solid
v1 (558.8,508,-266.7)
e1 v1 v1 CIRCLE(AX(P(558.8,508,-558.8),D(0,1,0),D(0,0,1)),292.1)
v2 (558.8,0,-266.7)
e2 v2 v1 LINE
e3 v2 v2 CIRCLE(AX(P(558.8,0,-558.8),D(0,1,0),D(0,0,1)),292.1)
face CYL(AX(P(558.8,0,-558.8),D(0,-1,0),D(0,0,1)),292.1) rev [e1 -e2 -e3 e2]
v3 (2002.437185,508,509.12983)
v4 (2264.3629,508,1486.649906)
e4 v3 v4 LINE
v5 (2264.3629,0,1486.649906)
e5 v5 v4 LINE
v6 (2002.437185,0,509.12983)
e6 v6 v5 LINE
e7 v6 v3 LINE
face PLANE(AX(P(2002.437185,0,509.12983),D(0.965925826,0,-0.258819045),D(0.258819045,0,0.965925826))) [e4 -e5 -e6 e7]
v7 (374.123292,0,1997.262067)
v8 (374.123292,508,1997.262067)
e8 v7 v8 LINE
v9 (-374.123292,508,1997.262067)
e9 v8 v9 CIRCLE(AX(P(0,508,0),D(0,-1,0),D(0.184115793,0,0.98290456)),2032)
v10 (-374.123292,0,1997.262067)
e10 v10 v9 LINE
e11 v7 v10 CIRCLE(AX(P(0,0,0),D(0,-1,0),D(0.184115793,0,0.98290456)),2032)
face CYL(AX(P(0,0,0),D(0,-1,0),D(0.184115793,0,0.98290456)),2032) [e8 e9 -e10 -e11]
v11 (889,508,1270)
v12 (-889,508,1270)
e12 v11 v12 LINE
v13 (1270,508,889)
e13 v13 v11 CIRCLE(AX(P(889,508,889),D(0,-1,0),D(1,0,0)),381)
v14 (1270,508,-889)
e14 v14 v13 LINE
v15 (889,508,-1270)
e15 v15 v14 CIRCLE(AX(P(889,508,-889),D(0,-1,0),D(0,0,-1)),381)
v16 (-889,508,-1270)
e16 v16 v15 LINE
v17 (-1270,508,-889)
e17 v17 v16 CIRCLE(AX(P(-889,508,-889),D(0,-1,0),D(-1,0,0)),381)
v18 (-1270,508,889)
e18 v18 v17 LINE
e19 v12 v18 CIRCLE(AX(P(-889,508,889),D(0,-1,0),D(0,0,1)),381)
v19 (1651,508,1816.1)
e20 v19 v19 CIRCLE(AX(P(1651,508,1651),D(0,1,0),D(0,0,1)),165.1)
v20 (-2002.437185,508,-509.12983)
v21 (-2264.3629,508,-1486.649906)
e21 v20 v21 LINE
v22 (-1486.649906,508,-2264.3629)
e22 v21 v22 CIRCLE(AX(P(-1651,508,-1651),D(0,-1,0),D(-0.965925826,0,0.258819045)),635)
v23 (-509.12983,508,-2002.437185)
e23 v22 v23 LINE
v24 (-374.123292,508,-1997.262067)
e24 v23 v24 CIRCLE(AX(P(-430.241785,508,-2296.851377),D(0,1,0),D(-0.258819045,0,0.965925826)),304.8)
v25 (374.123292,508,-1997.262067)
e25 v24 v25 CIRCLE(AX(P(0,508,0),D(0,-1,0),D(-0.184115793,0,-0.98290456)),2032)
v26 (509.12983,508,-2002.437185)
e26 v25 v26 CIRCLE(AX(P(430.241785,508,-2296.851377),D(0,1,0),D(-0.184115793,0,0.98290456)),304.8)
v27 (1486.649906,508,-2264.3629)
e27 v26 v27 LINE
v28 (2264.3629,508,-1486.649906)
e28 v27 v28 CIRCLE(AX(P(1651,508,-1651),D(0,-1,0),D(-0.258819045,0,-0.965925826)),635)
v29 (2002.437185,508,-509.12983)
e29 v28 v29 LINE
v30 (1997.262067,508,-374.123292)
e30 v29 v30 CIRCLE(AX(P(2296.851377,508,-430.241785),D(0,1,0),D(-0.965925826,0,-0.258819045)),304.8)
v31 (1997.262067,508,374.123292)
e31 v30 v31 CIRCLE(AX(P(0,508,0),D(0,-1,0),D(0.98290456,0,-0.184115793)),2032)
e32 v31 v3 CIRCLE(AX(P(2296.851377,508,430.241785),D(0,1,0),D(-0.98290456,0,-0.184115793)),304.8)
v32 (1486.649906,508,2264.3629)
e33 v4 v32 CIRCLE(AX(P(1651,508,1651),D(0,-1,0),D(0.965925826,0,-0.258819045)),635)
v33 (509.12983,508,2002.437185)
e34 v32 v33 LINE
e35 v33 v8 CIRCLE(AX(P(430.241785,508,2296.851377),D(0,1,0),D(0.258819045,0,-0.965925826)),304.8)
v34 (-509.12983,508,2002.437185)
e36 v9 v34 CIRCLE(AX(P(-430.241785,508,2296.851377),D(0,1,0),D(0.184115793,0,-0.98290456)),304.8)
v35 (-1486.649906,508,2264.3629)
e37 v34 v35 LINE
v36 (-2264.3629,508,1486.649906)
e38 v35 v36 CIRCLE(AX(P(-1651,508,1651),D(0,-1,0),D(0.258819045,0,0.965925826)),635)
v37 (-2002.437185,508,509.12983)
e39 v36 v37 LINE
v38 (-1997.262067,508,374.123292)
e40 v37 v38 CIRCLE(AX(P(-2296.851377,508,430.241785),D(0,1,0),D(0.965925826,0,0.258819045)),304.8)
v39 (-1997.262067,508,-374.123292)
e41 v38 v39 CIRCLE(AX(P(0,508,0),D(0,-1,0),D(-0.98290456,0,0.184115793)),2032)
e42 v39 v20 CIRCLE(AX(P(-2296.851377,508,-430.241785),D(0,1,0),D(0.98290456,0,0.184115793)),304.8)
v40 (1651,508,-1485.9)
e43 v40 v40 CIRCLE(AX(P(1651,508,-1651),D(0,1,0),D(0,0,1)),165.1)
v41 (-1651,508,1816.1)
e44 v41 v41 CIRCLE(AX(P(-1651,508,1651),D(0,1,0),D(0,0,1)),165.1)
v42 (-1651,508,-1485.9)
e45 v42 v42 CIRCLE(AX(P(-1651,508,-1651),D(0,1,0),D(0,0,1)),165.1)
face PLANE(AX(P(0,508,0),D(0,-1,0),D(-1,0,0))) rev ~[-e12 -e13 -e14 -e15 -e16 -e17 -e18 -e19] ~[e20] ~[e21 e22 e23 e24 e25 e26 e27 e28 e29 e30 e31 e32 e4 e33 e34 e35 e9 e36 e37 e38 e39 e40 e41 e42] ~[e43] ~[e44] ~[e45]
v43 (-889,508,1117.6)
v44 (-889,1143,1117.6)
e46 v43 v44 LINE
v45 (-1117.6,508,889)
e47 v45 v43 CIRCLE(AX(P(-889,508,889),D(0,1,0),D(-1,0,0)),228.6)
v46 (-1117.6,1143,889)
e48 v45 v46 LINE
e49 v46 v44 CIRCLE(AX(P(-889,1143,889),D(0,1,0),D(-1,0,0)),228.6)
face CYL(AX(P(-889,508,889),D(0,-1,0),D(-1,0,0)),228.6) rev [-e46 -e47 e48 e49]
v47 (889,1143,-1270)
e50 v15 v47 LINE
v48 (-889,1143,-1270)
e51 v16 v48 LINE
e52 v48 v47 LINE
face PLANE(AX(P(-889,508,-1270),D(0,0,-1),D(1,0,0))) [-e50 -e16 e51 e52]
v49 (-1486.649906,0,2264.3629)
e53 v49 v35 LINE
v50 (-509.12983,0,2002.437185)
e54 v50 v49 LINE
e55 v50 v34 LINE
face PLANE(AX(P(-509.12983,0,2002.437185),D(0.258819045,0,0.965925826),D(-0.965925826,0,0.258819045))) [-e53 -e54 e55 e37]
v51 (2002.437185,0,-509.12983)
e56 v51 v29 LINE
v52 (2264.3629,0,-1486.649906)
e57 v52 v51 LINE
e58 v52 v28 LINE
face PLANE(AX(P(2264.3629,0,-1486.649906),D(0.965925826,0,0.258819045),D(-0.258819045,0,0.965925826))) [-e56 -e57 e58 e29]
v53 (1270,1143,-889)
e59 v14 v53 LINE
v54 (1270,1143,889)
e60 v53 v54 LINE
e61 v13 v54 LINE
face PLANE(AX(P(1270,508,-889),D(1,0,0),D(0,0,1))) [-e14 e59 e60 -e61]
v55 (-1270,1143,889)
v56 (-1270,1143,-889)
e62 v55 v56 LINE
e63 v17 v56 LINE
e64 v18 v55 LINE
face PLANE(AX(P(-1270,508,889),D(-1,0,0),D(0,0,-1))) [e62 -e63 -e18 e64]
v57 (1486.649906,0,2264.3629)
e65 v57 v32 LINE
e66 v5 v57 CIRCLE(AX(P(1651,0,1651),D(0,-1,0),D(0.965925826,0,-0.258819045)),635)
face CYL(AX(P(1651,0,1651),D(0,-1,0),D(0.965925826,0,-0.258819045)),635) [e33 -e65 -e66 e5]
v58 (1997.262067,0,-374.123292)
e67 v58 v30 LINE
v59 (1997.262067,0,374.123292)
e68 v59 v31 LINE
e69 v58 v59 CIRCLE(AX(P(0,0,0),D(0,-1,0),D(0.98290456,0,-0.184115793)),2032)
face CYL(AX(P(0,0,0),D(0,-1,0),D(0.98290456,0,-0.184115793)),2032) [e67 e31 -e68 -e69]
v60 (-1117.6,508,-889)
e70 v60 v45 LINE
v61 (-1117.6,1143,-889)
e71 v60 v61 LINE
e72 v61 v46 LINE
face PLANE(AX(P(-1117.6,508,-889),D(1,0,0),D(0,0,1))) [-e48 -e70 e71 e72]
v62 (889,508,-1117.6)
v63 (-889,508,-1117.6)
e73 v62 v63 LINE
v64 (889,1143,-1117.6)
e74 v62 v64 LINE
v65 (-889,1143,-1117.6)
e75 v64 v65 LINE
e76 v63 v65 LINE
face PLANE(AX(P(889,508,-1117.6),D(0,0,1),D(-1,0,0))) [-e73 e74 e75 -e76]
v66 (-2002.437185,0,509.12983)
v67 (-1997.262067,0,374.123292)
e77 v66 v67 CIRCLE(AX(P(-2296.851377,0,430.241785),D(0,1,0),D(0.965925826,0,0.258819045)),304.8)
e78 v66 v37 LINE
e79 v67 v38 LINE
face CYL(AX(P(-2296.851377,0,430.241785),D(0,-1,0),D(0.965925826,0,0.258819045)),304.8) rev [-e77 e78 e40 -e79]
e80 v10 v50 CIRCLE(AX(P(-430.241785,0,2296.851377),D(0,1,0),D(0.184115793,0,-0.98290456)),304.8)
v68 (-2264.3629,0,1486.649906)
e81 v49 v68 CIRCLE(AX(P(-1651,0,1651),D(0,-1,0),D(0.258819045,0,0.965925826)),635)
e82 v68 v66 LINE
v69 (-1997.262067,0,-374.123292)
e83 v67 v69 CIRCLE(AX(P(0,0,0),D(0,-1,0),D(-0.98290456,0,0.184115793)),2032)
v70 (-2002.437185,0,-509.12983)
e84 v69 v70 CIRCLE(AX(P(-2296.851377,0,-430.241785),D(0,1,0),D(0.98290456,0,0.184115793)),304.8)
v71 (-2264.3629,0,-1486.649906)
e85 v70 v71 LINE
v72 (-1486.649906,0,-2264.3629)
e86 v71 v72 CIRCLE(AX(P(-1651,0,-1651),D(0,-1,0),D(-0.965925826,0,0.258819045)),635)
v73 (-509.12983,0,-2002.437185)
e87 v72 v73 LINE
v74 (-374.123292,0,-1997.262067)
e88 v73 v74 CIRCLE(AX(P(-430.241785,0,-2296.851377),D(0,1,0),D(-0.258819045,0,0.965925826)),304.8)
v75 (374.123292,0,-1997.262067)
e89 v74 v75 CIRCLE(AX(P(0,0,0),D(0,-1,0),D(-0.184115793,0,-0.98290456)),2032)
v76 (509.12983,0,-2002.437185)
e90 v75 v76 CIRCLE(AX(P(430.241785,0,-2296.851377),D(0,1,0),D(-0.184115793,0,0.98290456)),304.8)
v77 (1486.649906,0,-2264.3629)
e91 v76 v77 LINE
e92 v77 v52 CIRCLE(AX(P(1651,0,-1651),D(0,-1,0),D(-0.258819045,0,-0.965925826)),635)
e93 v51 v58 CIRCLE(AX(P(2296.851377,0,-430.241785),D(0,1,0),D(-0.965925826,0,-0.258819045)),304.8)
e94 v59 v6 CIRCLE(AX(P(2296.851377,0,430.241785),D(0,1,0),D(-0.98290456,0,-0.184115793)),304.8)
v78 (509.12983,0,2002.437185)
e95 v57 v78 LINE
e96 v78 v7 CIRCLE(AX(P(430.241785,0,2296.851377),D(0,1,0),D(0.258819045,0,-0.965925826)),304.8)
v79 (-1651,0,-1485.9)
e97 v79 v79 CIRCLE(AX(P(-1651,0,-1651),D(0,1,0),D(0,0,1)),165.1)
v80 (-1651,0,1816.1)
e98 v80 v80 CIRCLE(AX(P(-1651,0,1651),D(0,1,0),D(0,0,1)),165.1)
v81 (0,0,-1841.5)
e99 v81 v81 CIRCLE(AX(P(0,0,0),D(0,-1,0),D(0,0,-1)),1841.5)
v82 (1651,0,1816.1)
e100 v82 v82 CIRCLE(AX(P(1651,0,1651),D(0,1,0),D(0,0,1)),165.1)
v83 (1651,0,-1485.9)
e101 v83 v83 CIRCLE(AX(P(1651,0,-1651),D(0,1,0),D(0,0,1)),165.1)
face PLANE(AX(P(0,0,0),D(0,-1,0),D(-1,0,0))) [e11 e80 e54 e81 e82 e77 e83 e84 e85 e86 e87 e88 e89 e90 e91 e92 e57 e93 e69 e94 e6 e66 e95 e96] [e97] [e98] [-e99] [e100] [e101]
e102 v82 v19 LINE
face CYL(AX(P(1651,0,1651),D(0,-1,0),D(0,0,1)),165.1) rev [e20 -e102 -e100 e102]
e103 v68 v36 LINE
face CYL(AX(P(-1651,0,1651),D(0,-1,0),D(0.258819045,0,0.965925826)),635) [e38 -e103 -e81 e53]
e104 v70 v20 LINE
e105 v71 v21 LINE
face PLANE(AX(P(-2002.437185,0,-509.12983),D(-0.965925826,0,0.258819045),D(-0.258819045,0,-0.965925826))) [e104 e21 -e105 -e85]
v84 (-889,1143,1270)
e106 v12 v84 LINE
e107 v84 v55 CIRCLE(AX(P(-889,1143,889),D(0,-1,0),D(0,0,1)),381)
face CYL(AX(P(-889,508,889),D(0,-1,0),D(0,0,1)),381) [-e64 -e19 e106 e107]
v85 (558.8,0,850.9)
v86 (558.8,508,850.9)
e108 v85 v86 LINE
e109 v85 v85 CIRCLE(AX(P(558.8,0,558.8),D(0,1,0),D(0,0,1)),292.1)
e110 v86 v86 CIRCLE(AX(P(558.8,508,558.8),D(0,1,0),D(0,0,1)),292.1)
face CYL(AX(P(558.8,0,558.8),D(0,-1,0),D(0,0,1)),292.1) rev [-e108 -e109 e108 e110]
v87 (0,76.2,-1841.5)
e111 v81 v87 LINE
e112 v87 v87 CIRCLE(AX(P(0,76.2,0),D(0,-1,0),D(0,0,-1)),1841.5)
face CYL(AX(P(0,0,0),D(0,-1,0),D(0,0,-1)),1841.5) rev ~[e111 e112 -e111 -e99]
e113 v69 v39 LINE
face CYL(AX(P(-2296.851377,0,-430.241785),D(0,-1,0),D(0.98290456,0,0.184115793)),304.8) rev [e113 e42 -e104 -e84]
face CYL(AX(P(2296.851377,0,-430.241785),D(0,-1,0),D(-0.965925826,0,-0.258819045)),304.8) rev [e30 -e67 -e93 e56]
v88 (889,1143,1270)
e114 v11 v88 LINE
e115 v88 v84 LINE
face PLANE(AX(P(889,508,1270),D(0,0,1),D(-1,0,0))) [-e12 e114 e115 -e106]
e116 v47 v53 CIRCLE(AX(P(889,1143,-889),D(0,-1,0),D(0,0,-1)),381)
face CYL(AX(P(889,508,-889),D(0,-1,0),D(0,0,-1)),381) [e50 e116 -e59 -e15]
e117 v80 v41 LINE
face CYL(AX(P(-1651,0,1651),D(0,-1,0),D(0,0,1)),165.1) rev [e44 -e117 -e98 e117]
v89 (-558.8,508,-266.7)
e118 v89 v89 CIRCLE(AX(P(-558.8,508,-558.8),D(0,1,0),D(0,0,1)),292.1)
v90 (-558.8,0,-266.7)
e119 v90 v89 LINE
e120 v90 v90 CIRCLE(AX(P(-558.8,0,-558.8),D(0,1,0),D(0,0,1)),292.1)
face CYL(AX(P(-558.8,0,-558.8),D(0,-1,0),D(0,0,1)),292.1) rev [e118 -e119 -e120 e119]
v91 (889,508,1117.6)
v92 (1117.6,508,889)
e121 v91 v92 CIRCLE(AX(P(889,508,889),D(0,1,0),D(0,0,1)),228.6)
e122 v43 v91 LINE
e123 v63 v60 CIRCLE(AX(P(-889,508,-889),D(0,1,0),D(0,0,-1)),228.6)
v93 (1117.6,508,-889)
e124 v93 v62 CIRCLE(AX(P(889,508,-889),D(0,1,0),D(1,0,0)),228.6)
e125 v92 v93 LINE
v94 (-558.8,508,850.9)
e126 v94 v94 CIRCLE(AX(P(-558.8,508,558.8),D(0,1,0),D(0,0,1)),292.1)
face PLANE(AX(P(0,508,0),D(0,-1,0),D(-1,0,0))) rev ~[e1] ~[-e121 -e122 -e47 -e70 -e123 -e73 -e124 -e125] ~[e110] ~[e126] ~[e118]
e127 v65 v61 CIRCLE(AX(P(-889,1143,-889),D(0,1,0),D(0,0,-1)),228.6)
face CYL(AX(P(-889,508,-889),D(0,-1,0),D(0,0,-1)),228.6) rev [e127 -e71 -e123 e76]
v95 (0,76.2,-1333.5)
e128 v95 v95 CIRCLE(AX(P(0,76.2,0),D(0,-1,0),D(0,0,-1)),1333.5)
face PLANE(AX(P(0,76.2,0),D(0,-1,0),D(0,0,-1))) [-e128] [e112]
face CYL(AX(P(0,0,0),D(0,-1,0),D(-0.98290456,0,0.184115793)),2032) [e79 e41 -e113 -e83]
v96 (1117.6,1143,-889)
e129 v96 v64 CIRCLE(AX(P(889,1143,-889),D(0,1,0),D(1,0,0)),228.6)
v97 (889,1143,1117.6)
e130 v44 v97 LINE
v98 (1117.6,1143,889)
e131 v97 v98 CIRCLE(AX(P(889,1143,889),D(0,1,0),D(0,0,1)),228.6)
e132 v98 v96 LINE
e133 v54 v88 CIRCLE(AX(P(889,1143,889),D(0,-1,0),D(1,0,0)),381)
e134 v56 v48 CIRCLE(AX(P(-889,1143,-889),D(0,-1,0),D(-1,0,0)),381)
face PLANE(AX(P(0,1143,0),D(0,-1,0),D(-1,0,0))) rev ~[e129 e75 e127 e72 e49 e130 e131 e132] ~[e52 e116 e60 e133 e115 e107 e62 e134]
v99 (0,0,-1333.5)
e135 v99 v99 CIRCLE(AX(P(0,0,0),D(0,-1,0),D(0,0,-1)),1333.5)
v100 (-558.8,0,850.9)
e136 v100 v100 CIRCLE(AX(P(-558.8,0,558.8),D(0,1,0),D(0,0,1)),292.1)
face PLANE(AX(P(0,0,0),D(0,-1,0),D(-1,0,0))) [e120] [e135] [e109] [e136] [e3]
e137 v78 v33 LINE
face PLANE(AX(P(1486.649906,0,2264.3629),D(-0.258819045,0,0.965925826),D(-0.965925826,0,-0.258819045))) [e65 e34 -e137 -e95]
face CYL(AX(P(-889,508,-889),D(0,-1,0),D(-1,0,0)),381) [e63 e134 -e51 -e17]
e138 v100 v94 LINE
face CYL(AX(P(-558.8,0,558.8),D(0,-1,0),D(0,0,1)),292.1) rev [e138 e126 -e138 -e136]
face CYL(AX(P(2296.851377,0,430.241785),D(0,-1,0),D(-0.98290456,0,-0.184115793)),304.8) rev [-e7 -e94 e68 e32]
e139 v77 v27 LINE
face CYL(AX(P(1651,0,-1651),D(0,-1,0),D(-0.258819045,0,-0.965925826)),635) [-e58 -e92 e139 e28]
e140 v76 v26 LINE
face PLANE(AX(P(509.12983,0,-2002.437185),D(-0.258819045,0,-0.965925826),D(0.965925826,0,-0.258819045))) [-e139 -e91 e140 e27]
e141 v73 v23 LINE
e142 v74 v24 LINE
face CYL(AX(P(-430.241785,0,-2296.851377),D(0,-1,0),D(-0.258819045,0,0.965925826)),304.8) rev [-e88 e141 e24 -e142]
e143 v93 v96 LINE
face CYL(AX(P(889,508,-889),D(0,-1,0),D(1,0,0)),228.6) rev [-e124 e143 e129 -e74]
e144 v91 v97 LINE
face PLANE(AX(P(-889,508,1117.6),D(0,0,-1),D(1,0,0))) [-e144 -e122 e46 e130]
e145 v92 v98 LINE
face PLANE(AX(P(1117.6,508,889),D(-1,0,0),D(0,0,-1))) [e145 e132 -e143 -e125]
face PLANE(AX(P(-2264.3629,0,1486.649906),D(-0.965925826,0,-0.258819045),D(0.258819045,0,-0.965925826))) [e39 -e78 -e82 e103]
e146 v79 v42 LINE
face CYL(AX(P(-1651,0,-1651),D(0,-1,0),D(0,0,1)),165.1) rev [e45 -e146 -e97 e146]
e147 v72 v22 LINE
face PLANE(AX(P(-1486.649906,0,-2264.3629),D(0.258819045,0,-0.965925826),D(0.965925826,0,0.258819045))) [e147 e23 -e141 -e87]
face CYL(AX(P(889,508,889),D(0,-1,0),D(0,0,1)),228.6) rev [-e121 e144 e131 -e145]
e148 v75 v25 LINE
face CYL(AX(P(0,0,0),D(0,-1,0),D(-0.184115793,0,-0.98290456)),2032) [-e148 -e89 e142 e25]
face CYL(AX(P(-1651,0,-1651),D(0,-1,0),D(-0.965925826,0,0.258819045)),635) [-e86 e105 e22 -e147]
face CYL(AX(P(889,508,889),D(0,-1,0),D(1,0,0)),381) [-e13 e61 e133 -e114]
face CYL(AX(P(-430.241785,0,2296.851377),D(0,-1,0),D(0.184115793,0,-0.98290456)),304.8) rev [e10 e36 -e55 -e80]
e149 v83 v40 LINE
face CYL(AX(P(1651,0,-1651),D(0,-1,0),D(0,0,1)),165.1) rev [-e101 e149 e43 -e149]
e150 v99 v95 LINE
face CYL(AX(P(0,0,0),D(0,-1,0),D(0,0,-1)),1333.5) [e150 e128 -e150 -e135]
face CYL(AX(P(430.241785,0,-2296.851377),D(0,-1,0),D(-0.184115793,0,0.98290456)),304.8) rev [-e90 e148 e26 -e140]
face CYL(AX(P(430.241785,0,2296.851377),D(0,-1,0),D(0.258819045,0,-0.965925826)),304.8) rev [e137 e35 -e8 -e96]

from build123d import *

# Parameters (mm, degrees)
SKETCH1_R           = 292.1
SKETCH1_R_2         = 165.1
BOSS_EXTRUDE1_DEPTH = 508
BOSS_EXTRUDE2_START = 508
BOSS_EXTRUDE2_DEPTH = 635
SKETCH2_R           = 1841.5
SKETCH2_R_2         = 1333.5
CUT_EXTRUDE1_DEPTH  = 76.2


with BuildPart() as part:
    # Sketch1 → Boss-Extrude1 (new body)
    with BuildSketch(Plane(origin=(0, 0, 0), x_dir=(1, 0, 0), z_dir=(0, 1, 0))):
        with BuildLine():
            Line((-509.129830316, 2002.437184733), (-1486.64990636, 2264.362899694))
            ThreePointArc((-1486.64990636, 2264.362899694), (-2100.012806053, 2100.012806053), (-2264.362899694, 1486.64990636))
            Line((-2264.362899694, 1486.64990636), (-2002.437184733, 509.129830316))
            ThreePointArc((-2002.437184733, 509.129830316), (-1992.275061974, 441.916911811), (-1997.262066596, 374.123291625))
            ThreePointArc((-1997.262066596, 374.123291625), (-2032, 0), (-1997.262066596, -374.123291625))
            ThreePointArc((-1997.262066596, -374.123291625), (-1992.275061974, -441.916911811), (-2002.437184733, -509.129830316))
            Line((-2002.437184733, -509.129830316), (-2264.362899694, -1486.64990636))
            ThreePointArc((-2264.362899694, -1486.64990636), (-2100.012806053, -2100.012806053), (-1486.64990636, -2264.362899694))
            Line((-1486.64990636, -2264.362899694), (-509.129830316, -2002.437184733))
            ThreePointArc((-509.129830316, -2002.437184733), (-441.916911811, -1992.275061974), (-374.123291625, -1997.262066596))
            ThreePointArc((-374.123291625, -1997.262066596), (0, -2032), (374.123291625, -1997.262066596))
            ThreePointArc((374.123291625, -1997.262066596), (441.916911811, -1992.275061974), (509.129830316, -2002.437184733))
            Line((509.129830316, -2002.437184733), (1486.64990636, -2264.362899694))
            ThreePointArc((1486.64990636, -2264.362899694), (2100.012806053, -2100.012806053), (2264.362899694, -1486.64990636))
            Line((2264.362899694, -1486.64990636), (2002.437184733, -509.129830316))
            ThreePointArc((2002.437184733, -509.129830316), (1992.275061974, -441.916911811), (1997.262066596, -374.123291625))
            ThreePointArc((1997.262066596, -374.123291625), (2032, 0), (1997.262066596, 374.123291625))
            ThreePointArc((1997.262066596, 374.123291625), (1992.275061974, 441.916911811), (2002.437184733, 509.129830316))
            Line((2002.437184733, 509.129830316), (2264.362899694, 1486.64990636))
            ThreePointArc((2264.362899694, 1486.64990636), (2100.012806053, 2100.012806053), (1486.64990636, 2264.362899694))
            Line((1486.64990636, 2264.362899694), (509.129830316, 2002.437184733))
            ThreePointArc((509.129830316, 2002.437184733), (441.916911811, 1992.275061974), (374.123291625, 1997.262066596))
            ThreePointArc((374.123291625, 1997.262066596), (0, 2032), (-374.123291625, 1997.262066596))
            ThreePointArc((-374.123291625, 1997.262066596), (-441.916911811, 1992.275061974), (-509.129830316, 2002.437184733))
        make_face()
        with Locations((-558.8, -558.8)):
            Circle(SKETCH1_R, mode=Mode.SUBTRACT)
        with Locations((558.8, -558.8)):
            Circle(SKETCH1_R, mode=Mode.SUBTRACT)
        with Locations((-558.8, 558.8)):
            Circle(SKETCH1_R, mode=Mode.SUBTRACT)
        with Locations((558.8, 558.8)):
            Circle(SKETCH1_R, mode=Mode.SUBTRACT)
        with Locations((-1651, -1651)):
            Circle(SKETCH1_R_2, mode=Mode.SUBTRACT)
        with Locations((1651, -1651)):
            Circle(SKETCH1_R_2, mode=Mode.SUBTRACT)
        with Locations((-1651, 1651)):
            Circle(SKETCH1_R_2, mode=Mode.SUBTRACT)
        with Locations((1651, 1651)):
            Circle(SKETCH1_R_2, mode=Mode.SUBTRACT)
    extrude(amount=BOSS_EXTRUDE1_DEPTH)

    # Sketch1<3> → Boss-Extrude2 (add)
    with BuildSketch(Plane(origin=(0, 0, 0), x_dir=(1, 0, 0), z_dir=(0, 1, 0)).offset(BOSS_EXTRUDE2_START)):
        with BuildLine():
            ThreePointArc((-1270, -889), (-1158.407683632, -1158.407683632), (-889, -1270))
            Line((-889, -1270), (889, -1270))
            ThreePointArc((889, -1270), (1158.407683632, -1158.407683632), (1270, -889))
            Line((1270, -889), (1270, 889))
            ThreePointArc((1270, 889), (1158.407683632, 1158.407683632), (889, 1270))
            Line((889, 1270), (-889, 1270))
            ThreePointArc((-889, 1270), (-1158.407683632, 1158.407683632), (-1270, 889))
            Line((-1270, 889), (-1270, -889))
        make_face()
        with BuildLine():
            ThreePointArc((-1117.6, 889), (-1050.644610179, 1050.644610179), (-889, 1117.6))
            Line((-889, 1117.6), (889, 1117.6))
            ThreePointArc((889, 1117.6), (1050.644610179, 1050.644610179), (1117.6, 889))
            Line((1117.6, 889), (1117.6, -889))
            ThreePointArc((1117.6, -889), (1050.644610179, -1050.644610179), (889, -1117.6))
            Line((889, -1117.6), (-889, -1117.6))
            ThreePointArc((-889, -1117.6), (-1050.644610179, -1050.644610179), (-1117.6, -889))
            Line((-1117.6, -889), (-1117.6, 889))
        make_face(mode=Mode.SUBTRACT)
    extrude(amount=BOSS_EXTRUDE2_DEPTH)

    # Sketch2 → Cut-Extrude1 (cut)
    with BuildSketch(Plane.XZ):
        Circle(SKETCH2_R)
        Circle(SKETCH2_R_2, mode=Mode.SUBTRACT)
    extrude(amount=-CUT_EXTRUDE1_DEPTH, mode=Mode.SUBTRACT)


solid = part.part
